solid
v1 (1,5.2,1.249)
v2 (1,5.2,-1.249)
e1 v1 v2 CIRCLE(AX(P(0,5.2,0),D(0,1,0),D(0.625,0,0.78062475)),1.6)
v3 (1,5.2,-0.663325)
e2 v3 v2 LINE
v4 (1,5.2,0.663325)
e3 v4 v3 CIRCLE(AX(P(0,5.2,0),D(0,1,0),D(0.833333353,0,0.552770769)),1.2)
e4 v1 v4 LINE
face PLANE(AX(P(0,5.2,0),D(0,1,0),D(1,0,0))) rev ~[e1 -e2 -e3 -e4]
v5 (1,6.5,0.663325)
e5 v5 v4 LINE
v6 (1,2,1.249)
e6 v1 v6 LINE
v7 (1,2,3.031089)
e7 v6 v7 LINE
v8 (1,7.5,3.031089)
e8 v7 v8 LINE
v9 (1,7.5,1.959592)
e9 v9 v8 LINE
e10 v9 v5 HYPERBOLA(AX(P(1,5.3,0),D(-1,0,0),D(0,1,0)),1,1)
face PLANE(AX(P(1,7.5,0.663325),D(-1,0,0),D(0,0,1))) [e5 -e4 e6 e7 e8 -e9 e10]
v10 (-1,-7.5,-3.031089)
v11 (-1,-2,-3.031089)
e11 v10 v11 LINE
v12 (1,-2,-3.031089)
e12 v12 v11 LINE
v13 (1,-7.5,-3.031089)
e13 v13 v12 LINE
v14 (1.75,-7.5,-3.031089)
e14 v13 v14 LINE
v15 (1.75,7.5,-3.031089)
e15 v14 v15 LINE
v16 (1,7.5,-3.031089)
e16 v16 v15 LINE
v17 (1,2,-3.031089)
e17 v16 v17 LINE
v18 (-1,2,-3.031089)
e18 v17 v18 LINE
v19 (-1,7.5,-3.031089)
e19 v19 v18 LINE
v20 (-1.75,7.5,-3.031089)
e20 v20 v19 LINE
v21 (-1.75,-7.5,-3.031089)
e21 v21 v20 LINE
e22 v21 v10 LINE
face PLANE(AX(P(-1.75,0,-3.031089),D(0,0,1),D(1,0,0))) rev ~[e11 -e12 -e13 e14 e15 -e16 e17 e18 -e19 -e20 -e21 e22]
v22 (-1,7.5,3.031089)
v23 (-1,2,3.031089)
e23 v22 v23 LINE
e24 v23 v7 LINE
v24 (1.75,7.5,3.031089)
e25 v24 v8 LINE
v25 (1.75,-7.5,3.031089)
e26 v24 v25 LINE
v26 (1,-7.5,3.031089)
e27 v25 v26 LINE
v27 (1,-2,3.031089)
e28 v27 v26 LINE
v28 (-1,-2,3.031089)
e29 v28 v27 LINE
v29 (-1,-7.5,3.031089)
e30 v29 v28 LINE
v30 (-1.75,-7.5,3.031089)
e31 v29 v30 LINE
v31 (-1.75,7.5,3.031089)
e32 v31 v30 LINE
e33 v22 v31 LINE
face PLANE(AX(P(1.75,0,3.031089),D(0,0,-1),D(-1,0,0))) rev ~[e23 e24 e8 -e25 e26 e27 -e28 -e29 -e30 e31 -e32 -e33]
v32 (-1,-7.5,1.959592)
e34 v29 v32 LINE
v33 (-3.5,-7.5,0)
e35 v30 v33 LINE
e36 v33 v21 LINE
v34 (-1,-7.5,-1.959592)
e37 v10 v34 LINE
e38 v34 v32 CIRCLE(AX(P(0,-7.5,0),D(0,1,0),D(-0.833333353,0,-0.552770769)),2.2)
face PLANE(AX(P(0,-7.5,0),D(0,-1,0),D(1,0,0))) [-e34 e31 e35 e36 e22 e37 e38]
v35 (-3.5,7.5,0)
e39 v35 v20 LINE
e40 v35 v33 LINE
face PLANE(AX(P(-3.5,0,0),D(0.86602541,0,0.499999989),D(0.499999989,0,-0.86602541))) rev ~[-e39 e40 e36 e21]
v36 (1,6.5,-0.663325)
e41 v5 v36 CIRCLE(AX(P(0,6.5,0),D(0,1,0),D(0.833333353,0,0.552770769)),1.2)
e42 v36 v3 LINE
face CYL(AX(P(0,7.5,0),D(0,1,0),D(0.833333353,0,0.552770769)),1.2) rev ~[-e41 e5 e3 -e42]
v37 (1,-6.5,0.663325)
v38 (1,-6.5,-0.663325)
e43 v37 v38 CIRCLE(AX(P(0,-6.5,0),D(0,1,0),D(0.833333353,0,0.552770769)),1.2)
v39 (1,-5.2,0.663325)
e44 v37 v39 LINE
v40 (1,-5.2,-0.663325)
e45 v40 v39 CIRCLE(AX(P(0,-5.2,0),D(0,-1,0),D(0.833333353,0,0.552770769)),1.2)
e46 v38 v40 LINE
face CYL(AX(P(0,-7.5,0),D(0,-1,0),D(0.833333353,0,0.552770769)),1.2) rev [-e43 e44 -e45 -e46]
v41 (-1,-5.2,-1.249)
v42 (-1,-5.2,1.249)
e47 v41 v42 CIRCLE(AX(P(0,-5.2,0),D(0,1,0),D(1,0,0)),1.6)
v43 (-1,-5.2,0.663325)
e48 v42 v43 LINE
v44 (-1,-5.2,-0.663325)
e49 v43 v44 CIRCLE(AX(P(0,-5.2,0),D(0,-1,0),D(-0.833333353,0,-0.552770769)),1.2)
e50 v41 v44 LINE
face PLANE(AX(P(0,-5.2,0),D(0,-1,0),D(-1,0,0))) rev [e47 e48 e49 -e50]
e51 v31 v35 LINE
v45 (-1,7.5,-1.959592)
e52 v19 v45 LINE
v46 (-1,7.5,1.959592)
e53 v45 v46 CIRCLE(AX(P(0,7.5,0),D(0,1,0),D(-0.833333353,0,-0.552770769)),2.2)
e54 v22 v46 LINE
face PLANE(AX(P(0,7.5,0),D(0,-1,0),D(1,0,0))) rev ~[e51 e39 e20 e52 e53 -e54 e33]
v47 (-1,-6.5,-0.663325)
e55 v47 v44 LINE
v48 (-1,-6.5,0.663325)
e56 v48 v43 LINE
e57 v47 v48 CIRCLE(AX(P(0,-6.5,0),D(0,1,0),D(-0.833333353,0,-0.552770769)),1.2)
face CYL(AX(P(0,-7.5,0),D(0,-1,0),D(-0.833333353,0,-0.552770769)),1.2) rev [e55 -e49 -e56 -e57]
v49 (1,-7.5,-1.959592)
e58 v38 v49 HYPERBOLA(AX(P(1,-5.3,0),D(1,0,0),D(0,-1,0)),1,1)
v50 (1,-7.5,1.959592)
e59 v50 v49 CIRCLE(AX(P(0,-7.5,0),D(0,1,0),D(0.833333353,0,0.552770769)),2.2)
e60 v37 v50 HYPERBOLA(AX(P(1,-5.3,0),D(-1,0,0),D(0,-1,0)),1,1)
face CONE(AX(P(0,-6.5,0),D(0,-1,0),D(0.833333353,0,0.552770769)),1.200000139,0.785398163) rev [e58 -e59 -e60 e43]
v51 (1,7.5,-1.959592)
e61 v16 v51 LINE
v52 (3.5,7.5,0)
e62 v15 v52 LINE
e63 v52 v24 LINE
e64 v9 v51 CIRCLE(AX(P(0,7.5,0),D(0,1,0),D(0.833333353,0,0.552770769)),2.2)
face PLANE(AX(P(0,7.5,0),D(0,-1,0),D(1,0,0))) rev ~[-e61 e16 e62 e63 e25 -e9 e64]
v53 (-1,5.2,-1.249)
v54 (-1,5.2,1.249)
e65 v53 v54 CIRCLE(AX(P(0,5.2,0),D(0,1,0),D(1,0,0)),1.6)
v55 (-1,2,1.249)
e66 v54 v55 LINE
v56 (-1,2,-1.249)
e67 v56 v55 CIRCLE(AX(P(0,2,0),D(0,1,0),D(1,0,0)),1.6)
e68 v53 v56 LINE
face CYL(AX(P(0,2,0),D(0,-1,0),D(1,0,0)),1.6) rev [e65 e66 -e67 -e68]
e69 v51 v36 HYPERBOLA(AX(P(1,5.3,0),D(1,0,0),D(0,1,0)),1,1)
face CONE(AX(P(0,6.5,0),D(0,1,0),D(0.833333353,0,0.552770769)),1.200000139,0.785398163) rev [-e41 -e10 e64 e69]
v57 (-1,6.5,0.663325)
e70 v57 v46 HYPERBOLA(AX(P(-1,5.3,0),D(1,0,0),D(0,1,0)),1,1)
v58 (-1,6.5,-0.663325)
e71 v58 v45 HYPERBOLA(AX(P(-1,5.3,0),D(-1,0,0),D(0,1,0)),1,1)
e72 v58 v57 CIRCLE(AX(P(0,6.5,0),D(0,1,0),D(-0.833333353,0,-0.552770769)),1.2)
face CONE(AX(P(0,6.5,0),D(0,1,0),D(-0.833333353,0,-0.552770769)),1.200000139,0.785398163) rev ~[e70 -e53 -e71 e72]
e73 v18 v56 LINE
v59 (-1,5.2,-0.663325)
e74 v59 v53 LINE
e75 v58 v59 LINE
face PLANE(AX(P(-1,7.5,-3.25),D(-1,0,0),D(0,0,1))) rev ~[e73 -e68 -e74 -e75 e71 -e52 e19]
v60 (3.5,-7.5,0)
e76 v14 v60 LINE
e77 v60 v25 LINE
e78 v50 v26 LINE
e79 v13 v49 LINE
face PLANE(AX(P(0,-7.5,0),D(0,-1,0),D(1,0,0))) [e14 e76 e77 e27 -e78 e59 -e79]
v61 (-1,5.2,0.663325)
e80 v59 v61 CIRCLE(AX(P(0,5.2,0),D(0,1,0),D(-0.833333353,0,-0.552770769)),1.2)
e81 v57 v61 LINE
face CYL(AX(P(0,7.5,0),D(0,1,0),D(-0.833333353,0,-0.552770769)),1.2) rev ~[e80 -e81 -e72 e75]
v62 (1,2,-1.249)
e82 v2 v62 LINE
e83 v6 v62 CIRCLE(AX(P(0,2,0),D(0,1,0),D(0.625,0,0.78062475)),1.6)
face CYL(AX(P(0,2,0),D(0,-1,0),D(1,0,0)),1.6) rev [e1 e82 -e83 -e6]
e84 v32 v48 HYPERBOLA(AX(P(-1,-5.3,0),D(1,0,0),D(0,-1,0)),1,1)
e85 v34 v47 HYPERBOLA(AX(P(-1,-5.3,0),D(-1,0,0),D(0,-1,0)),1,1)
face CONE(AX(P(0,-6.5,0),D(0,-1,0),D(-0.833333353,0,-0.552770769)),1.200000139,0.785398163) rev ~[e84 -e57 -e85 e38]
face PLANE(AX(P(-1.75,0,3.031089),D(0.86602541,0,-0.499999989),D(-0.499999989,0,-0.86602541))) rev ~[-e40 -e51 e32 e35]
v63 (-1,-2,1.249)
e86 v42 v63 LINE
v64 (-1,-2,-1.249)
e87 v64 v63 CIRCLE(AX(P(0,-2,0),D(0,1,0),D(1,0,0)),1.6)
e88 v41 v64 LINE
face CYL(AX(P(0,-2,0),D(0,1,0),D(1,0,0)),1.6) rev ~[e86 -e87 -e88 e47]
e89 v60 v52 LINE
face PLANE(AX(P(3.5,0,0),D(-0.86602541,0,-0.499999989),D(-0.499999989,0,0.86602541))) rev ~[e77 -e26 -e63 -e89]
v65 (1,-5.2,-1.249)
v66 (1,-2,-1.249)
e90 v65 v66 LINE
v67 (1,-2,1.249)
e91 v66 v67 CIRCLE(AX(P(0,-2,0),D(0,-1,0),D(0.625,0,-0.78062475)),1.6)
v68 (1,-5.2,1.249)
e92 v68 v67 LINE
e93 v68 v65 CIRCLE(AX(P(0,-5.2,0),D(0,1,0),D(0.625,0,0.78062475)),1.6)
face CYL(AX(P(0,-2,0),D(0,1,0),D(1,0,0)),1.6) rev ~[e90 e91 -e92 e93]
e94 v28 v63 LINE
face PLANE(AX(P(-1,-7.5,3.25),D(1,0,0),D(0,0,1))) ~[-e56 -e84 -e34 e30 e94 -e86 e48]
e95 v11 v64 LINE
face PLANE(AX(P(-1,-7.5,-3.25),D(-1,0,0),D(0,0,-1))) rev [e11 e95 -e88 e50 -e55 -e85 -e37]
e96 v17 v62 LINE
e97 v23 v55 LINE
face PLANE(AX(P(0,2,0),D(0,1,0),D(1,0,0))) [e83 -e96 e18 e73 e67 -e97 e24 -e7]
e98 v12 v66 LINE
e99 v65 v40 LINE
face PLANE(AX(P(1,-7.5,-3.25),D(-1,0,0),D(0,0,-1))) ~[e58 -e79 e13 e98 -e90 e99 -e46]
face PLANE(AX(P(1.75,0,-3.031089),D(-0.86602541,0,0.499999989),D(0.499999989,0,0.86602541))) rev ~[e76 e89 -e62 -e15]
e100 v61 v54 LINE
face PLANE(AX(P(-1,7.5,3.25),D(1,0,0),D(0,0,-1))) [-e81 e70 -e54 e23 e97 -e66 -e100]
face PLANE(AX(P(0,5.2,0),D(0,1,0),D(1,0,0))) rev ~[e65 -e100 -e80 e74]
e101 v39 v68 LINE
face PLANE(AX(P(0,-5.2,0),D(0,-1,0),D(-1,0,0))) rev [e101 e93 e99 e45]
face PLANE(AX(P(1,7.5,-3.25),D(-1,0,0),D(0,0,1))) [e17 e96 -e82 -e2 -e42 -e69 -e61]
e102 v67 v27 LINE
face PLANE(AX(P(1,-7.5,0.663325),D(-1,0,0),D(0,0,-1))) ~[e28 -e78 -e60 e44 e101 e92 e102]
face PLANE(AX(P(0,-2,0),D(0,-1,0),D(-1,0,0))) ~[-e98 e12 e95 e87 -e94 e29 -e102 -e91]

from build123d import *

# Parameters (mm, degrees)
PAD062_DEPTH      = 7.5
PAD062_DEPTH_BACK = 7.5
POCKET036_DEPTH   = 5.5
SKETCH086_R       = 1.6
POCKET037_DEPTH   = 3.2
CHAMFER007_SIZE   = 1


with BuildPart() as part:
    # Sketch084 → Pad062 (new body, two sides)
    with BuildSketch(Plane.XZ) as pad062_sk:
        Polygon((3.5, 0), (1.75, 3.031089), (-1.75, 3.031089), (-3.5, 0), (-1.75, -3.031089), (1.75, -3.031089), align=None)
    extrude(amount=-PAD062_DEPTH)
    extrude(pad062_sk.sketch, amount=PAD062_DEPTH_BACK)

    # Sketch085 (on Face7 of Pad062) → Pocket036 (cut)
    with BuildSketch(Plane(origin=(0, 7.5, 0), x_dir=(1, 0, 0), z_dir=(0, 1, 0))):
        with BuildLine():
            Line((-1, -3.25), (1, -3.25))
            Line((1, -0.663325), (1, -3.25))
            ThreePointArc((1, -0.663325), (1.2, 0), (1, 0.663325))
            Line((1, 3.25), (1, 0.663325))
            Line((1, 3.25), (-1, 3.25))
            Line((-1, 3.25), (-1, 0.663325))
            ThreePointArc((-1, 0.663325), (-1.2, 0), (-1, -0.663325))
            Line((-1, -3.25), (-1, -0.663325))
        make_face()
    pocket036 = extrude(amount=-POCKET036_DEPTH, mode=Mode.SUBTRACT)

    # Mirrored008: Pocket036 across XZ
    add(pocket036.mirror(Plane.XZ), mode=Mode.SUBTRACT)

    # Sketch086 (on Face8 of Mirrored008) → Pocket037 (cut)
    with BuildSketch(Plane(origin=(0, 2, 0), x_dir=(1, 0, 0), z_dir=(0, 1, 0))):
        Circle(SKETCH086_R)
    pocket037 = extrude(amount=POCKET037_DEPTH, mode=Mode.SUBTRACT)

    # Mirrored009: Pocket037 across XZ
    add(pocket037.mirror(Plane.XZ), mode=Mode.SUBTRACT)

    # Chamfer007
    chamfer007_edges = [part.edges().sort_by_distance(p)[0] for p in [
        (-1.2, 7.5, 0),
        (1.2, 7.5, 0),
        (1.2, -7.5, 0),
        (-1.2, -7.5, 0),
    ]]
    chamfer(chamfer007_edges, length=CHAMFER007_SIZE)


solid = part.part
